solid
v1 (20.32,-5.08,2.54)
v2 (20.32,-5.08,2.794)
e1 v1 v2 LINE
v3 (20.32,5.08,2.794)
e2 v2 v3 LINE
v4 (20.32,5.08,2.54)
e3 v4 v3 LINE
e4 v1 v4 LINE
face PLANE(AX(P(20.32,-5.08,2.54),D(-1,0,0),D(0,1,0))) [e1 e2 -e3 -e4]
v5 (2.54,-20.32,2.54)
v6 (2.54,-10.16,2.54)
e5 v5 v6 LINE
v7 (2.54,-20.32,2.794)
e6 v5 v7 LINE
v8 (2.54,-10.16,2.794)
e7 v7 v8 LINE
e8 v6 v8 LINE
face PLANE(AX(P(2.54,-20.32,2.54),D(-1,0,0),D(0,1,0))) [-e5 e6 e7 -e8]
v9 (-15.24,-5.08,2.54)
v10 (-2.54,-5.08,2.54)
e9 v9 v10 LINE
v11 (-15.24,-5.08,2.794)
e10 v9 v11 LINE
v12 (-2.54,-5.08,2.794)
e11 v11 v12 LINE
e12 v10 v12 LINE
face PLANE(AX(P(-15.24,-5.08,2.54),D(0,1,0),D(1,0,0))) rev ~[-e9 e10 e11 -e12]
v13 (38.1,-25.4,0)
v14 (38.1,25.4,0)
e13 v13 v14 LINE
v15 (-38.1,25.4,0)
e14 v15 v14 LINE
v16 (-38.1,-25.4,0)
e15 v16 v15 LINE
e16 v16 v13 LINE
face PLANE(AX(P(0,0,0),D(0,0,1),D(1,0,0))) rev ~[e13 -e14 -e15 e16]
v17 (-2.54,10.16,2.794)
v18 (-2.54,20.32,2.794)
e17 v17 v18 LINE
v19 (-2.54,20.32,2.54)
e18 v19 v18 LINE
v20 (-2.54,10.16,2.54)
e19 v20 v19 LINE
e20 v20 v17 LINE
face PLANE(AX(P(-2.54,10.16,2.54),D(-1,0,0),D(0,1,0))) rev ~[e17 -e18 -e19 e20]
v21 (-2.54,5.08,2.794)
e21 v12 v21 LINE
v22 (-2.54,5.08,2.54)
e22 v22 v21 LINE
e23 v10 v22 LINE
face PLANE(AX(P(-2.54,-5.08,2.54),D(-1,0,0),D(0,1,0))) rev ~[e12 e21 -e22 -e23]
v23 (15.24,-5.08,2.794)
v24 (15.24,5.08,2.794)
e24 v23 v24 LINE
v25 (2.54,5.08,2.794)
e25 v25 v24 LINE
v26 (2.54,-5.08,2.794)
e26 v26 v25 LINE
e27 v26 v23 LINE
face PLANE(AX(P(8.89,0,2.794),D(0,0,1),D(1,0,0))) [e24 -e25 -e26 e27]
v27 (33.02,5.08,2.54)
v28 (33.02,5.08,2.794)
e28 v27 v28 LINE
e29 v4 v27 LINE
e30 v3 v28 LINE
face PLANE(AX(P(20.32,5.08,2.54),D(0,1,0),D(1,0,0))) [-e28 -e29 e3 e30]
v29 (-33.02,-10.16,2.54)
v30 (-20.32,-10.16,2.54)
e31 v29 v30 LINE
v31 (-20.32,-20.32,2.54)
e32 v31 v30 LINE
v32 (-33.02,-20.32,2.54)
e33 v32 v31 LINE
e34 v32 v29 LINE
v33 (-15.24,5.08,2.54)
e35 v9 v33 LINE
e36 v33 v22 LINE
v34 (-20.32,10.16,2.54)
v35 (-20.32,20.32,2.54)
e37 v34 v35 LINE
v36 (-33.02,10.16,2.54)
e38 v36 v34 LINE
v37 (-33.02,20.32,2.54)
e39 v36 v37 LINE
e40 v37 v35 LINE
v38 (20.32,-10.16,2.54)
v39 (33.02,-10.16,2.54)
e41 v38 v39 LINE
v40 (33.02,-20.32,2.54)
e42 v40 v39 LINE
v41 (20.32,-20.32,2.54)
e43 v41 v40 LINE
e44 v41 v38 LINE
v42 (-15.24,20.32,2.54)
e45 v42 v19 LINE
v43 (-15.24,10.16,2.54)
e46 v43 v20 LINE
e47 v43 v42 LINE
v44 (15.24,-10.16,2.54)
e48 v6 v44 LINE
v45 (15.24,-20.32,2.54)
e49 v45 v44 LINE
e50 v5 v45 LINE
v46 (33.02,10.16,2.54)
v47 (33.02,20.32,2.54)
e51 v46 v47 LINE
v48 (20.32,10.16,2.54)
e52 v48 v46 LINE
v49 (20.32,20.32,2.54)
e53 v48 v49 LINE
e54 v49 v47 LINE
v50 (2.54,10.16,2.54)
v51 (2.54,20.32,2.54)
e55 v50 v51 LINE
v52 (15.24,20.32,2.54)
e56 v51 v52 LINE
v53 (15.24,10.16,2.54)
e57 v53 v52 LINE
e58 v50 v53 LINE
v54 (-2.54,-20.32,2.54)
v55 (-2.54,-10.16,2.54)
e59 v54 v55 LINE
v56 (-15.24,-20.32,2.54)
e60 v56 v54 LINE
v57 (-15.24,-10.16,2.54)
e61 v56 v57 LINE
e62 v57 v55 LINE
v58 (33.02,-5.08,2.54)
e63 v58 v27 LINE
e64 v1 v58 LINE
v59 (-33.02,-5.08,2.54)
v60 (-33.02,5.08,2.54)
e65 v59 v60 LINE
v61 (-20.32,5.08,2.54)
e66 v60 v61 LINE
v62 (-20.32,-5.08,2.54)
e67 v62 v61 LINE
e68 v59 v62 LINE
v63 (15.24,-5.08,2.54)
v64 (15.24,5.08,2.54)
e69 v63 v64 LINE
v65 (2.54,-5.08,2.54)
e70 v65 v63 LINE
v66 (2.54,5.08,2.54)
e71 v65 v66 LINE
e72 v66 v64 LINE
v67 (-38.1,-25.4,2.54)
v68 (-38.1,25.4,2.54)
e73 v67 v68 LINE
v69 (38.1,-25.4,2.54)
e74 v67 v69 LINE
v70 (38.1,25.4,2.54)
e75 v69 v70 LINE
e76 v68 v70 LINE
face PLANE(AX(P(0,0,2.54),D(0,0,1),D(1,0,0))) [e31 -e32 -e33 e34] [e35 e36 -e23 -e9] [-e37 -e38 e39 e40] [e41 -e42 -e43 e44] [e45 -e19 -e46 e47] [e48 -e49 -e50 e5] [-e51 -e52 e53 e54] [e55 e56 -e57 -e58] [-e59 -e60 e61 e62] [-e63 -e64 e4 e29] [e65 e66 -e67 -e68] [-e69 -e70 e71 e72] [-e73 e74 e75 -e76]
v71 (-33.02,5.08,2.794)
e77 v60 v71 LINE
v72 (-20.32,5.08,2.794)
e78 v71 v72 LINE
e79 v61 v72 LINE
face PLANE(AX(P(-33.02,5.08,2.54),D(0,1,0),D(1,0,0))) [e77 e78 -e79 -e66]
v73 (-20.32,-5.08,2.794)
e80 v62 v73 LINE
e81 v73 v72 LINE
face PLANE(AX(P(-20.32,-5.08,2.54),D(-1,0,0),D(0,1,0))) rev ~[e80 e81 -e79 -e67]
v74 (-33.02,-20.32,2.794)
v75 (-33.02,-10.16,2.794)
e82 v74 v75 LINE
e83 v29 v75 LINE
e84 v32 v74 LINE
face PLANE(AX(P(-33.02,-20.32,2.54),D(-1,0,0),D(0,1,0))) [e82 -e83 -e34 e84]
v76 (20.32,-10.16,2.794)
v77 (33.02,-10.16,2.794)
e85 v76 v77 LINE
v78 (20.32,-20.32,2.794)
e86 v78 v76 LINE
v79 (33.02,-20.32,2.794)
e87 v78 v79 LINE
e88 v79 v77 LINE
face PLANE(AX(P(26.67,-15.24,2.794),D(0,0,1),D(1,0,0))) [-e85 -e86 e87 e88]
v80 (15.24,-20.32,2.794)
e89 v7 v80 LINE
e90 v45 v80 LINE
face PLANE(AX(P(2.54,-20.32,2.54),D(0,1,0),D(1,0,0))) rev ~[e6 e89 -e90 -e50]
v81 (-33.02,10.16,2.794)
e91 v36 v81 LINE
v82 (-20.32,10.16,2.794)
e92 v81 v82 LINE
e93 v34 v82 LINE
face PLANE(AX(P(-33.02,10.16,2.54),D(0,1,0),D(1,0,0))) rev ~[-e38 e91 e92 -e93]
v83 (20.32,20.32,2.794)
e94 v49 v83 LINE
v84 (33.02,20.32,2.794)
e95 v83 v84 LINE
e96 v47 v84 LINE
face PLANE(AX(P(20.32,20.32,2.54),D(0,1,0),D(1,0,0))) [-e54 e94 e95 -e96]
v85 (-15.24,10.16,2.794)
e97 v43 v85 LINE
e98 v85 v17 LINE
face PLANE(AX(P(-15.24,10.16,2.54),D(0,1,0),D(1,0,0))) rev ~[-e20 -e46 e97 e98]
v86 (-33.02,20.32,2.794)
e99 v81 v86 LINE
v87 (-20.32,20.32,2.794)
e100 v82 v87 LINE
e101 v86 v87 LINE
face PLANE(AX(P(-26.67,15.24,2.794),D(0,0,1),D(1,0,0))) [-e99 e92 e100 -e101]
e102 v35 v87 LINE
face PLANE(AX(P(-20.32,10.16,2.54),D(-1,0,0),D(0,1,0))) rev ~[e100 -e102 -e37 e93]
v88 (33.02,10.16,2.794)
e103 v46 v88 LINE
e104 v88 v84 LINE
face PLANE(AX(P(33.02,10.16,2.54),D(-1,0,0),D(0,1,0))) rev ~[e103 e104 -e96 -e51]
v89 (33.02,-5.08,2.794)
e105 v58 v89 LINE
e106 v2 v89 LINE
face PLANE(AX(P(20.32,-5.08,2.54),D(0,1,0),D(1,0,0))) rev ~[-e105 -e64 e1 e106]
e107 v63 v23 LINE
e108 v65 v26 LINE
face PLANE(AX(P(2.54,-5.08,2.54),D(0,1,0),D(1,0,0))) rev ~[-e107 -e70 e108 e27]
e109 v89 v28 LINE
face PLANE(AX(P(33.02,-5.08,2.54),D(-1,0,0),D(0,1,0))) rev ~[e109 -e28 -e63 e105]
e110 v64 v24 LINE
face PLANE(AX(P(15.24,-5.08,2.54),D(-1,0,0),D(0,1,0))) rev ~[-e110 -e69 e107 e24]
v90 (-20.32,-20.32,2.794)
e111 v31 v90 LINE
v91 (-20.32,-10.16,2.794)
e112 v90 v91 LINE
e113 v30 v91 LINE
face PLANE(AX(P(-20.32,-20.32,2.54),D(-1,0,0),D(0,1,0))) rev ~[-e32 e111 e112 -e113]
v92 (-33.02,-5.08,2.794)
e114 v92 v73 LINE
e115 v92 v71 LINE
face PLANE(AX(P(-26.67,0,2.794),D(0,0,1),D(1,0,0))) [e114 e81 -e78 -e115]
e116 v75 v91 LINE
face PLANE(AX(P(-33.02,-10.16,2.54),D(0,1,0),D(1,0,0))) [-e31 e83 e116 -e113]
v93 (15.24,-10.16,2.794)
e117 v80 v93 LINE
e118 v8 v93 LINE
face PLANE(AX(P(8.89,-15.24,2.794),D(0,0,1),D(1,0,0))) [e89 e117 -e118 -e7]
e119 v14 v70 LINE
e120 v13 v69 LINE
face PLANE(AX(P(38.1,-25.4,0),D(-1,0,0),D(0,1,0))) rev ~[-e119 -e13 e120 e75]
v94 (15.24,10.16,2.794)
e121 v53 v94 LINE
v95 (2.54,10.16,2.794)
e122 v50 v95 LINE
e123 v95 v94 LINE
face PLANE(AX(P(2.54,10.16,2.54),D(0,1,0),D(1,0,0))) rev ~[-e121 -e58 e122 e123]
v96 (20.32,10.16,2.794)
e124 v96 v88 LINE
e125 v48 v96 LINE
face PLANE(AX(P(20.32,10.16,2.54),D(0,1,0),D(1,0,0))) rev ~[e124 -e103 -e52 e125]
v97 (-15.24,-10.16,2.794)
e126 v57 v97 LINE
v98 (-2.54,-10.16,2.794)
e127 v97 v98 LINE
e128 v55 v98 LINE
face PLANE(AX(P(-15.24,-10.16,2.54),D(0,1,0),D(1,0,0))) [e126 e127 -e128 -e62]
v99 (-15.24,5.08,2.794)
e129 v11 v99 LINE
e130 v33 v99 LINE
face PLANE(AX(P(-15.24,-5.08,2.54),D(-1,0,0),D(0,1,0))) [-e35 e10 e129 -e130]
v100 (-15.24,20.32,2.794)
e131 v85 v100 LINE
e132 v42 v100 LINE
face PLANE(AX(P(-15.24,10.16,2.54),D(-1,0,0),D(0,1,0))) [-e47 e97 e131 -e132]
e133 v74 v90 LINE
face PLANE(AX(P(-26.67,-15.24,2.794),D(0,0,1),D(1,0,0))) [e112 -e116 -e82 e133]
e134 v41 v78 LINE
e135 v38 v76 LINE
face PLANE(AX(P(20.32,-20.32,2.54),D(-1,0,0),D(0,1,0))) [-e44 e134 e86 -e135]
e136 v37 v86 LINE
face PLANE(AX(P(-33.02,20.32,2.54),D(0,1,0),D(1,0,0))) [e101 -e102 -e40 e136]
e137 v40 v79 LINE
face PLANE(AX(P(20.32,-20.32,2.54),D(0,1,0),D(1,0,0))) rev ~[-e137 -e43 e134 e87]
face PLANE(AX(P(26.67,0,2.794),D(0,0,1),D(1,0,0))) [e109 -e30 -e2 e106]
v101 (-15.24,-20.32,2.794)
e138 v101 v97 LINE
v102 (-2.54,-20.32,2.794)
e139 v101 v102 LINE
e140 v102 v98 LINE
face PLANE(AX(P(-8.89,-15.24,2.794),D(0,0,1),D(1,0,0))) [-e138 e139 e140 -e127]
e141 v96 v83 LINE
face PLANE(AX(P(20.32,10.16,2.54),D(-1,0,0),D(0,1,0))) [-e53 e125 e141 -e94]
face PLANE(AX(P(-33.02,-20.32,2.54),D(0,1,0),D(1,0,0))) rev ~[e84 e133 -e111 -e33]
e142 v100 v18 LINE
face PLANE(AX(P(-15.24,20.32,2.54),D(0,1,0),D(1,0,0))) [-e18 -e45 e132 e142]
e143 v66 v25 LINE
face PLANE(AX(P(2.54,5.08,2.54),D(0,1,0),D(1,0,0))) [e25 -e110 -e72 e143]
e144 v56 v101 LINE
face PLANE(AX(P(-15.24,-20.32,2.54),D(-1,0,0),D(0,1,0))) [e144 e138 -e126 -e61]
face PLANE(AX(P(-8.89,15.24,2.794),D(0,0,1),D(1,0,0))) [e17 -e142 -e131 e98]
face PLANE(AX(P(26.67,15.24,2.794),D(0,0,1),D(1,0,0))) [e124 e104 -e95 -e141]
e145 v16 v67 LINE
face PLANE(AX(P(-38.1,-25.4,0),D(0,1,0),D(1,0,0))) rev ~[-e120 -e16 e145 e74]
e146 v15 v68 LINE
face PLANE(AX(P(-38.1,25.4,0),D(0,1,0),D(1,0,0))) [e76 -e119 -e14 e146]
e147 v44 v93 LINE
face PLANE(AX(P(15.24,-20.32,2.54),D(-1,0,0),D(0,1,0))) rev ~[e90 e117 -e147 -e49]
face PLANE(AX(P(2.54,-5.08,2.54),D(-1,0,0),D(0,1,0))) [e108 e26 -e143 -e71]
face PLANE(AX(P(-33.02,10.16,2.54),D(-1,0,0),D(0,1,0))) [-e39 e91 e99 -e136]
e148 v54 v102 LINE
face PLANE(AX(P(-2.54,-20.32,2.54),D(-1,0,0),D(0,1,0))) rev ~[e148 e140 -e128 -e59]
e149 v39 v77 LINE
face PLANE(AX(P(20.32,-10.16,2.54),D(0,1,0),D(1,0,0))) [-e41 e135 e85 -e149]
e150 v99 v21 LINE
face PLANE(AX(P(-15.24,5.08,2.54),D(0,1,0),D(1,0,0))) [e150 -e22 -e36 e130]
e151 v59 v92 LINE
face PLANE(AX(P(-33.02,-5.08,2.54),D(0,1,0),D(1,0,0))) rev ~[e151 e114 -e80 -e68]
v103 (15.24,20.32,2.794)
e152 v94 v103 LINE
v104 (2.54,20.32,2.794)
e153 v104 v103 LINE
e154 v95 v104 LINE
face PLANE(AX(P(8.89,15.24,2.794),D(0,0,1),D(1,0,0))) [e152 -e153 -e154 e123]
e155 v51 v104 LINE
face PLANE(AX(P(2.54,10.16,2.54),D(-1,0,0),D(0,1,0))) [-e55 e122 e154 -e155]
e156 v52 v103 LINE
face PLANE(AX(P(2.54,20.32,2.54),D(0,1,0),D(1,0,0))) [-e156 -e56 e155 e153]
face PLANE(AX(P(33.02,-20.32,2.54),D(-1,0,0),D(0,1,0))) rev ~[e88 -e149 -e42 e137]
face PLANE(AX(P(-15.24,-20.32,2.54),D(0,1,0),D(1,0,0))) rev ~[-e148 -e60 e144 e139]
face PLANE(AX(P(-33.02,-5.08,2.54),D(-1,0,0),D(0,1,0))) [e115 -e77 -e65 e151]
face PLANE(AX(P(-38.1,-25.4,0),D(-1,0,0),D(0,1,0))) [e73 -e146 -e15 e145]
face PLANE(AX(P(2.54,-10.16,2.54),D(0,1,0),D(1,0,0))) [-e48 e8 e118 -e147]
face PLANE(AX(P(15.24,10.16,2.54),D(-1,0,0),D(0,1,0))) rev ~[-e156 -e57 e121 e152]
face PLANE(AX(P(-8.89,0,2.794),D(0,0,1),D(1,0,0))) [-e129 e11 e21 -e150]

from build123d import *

# Parameters (mm, degrees)
SKETCH1_W            = 76.2
SKETCH1_H            = 50.8
BOSS_EXTRUDE2_DEPTH  = 2.54
SKETCH3_W            = 12.7
SKETCH3_H            = 10.16
BOSS_EXTRUDE3_DEPTH  = 0.254
LPATTERN2_COUNT      = 4
LPATTERN2_PITCH      = 17.78
LPATTERN2_COUNT_DIR2 = 3
LPATTERN2_PITCH_DIR2 = 15.24


with BuildPart() as part:
    # Sketch1 → Boss-Extrude2 (new body)
    with BuildSketch(Plane.XY):
        Rectangle(SKETCH1_W, SKETCH1_H)
    extrude(amount=BOSS_EXTRUDE2_DEPTH)

    # Sketch3 → Boss-Extrude3 (add)
    with BuildSketch(Plane.XY.offset(2.54)):
        with Locations((-26.67, 15.24)):
            Rectangle(SKETCH3_W, SKETCH3_H)
    boss_extrude3 = extrude(amount=BOSS_EXTRUDE3_DEPTH)

    # LPattern2: Boss-Extrude3 4 × 3
    with Locations(*[(i * LPATTERN2_PITCH, -j * LPATTERN2_PITCH_DIR2, 0) for i in range(LPATTERN2_COUNT) for j in range(LPATTERN2_COUNT_DIR2) if (i, j) != (0, 0)]):
        add(boss_extrude3)


solid = part.part
